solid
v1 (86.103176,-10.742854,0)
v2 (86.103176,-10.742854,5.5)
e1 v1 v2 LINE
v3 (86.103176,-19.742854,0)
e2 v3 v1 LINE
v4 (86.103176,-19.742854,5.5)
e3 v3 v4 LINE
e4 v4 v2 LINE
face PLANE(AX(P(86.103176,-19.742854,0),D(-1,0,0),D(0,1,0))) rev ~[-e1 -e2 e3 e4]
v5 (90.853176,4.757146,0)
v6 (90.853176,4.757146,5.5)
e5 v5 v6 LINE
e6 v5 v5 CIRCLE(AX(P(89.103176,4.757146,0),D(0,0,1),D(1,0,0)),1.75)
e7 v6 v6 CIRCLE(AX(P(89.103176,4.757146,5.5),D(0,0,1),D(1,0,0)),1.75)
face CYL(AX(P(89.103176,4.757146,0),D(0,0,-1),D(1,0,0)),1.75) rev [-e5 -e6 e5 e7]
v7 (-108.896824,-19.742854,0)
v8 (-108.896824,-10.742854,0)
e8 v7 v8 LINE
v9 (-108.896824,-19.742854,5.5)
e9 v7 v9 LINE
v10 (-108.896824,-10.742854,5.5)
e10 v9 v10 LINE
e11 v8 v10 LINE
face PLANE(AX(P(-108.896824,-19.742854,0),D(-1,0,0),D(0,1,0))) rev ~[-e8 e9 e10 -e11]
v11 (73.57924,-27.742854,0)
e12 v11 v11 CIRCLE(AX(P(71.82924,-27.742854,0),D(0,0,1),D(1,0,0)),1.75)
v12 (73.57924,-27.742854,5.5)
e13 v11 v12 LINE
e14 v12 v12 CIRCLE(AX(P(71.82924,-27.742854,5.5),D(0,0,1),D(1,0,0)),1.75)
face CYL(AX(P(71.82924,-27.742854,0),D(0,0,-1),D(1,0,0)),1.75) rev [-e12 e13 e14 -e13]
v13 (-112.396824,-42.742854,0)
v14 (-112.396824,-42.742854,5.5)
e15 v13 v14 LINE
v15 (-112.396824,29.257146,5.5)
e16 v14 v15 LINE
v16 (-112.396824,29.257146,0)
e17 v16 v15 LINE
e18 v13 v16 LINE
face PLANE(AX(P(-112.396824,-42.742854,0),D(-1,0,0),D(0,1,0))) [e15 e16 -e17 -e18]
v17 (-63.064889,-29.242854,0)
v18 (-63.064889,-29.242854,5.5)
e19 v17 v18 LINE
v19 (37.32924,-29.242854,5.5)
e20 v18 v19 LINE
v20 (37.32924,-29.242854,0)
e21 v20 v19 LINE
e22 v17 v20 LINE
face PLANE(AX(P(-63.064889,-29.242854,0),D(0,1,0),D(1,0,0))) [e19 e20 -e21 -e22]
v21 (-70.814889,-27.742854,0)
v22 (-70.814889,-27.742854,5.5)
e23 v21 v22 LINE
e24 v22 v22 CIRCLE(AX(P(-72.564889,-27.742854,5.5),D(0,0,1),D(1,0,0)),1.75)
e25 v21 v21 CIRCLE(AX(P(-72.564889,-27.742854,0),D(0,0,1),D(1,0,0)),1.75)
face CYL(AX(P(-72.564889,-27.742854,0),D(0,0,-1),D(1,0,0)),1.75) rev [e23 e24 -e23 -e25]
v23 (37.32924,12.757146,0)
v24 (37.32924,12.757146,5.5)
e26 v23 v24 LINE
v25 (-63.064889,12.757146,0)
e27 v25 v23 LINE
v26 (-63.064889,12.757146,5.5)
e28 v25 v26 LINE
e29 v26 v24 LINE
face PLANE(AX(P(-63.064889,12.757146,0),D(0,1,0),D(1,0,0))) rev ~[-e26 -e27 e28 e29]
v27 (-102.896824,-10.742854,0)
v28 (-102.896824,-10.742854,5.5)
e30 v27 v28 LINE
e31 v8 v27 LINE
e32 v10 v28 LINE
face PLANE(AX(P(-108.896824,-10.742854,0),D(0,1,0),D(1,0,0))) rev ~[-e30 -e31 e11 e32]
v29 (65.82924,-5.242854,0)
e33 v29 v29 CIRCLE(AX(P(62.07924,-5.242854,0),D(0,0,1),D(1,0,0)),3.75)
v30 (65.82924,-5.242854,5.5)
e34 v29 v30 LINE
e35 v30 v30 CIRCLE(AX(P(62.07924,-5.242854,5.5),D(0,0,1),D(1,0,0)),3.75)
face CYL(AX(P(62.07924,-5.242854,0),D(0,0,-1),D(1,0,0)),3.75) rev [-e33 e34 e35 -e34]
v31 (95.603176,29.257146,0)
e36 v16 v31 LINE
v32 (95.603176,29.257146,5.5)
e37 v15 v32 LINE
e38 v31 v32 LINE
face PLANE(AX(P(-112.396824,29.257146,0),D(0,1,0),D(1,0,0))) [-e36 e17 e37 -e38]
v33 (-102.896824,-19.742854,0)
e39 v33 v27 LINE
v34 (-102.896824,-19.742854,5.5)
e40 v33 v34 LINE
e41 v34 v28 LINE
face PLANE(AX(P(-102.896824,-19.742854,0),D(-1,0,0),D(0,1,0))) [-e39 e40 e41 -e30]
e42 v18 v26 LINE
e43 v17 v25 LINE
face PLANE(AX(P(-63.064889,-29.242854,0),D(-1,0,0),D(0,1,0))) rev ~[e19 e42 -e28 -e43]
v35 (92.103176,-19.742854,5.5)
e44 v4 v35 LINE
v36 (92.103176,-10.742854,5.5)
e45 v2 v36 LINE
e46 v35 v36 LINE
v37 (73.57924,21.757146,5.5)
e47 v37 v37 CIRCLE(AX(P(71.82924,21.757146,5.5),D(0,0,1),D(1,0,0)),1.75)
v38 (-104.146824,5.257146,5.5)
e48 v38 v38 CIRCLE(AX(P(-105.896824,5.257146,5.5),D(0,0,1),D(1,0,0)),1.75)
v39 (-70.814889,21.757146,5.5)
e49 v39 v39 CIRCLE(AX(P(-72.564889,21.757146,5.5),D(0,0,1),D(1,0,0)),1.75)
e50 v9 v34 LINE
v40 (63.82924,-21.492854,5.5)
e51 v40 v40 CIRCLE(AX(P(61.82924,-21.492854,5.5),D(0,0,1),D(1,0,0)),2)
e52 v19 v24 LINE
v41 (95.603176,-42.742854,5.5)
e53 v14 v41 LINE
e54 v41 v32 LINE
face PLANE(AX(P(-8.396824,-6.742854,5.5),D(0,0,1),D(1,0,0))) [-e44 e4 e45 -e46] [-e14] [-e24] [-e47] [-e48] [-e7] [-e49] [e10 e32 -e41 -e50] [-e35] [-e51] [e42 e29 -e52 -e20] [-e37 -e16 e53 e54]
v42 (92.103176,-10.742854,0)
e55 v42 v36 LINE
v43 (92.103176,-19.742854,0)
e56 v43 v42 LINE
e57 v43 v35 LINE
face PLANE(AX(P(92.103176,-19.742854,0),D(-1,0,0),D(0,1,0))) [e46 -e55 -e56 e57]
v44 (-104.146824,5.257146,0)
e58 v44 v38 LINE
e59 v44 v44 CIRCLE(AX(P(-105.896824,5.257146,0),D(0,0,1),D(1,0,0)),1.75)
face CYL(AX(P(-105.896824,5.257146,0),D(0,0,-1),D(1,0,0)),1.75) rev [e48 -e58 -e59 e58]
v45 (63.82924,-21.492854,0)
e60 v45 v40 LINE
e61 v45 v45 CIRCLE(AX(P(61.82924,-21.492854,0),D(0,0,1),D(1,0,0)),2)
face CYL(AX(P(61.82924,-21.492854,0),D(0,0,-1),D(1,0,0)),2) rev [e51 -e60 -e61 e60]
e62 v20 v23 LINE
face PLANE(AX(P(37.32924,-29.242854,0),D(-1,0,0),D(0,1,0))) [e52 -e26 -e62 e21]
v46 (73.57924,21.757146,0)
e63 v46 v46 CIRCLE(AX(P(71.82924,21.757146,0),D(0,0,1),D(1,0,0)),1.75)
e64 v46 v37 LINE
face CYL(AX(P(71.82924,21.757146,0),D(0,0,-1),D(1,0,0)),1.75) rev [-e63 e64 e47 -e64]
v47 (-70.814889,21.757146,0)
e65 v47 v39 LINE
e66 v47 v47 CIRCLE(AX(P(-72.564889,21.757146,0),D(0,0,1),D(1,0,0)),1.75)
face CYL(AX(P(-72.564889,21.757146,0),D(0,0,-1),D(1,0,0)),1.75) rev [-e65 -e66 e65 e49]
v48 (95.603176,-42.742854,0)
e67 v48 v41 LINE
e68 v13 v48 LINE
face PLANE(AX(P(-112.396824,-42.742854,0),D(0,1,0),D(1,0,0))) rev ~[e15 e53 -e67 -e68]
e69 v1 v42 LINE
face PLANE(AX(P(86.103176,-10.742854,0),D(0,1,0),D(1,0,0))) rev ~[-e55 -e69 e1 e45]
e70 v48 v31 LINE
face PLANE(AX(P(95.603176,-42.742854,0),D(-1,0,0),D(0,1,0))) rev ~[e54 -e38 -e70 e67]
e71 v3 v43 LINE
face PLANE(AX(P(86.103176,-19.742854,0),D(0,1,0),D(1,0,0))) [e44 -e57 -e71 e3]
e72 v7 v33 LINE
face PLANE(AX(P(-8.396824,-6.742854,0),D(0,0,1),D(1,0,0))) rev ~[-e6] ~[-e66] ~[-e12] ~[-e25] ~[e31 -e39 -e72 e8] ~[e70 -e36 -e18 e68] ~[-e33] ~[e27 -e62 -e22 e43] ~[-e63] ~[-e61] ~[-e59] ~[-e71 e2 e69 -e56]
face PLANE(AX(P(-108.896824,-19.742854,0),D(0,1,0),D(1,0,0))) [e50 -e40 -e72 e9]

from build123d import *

# Parameters (mm, degrees)
F0_W     = 208
F0_H     = 72
F0_R     = 1.75
F0_W_2   = 6
F0_H_2   = 9
F0_W_3   = 100.394129
F0_H_3   = 42
F0_R_2   = 2
F0_R_3   = 3.75
F1_DEPTH = 5.5


with BuildPart() as f1:
    # F0 (on Top) → F1 (new body)
    with BuildSketch(Plane.XY):
        with Locations((-8.396824, -6.742854)):
            Rectangle(F0_W, F0_H)
        with Locations((-72.564889, -27.742854)):
            Circle(F0_R, mode=Mode.SUBTRACT)
        with Locations((-105.896824, -15.242854)):
            Rectangle(F0_W_2, F0_H_2, mode=Mode.SUBTRACT)
        with Locations((-12.867824, -8.242854)):
            Rectangle(F0_W_3, F0_H_3, mode=Mode.SUBTRACT)
        with Locations((71.82924, -27.742854)):
            Circle(F0_R, mode=Mode.SUBTRACT)
        with Locations((61.82924, -21.492854)):
            Circle(F0_R_2, mode=Mode.SUBTRACT)
        with Locations((89.103176, -15.242854)):
            Rectangle(F0_W_2, F0_H_2, mode=Mode.SUBTRACT)
        with Locations((-105.896824, 5.257146)):
            Circle(F0_R, mode=Mode.SUBTRACT)
        with Locations((-72.564889, 21.757146)):
            Circle(F0_R, mode=Mode.SUBTRACT)
        with Locations((62.07924, -5.242854)):
            Circle(F0_R_3, mode=Mode.SUBTRACT)
        with Locations((89.103176, 4.757146)):
            Circle(F0_R, mode=Mode.SUBTRACT)
        with Locations((71.82924, 21.757146)):
            Circle(F0_R, mode=Mode.SUBTRACT)
    extrude(amount=F1_DEPTH)


solid = f1.part
